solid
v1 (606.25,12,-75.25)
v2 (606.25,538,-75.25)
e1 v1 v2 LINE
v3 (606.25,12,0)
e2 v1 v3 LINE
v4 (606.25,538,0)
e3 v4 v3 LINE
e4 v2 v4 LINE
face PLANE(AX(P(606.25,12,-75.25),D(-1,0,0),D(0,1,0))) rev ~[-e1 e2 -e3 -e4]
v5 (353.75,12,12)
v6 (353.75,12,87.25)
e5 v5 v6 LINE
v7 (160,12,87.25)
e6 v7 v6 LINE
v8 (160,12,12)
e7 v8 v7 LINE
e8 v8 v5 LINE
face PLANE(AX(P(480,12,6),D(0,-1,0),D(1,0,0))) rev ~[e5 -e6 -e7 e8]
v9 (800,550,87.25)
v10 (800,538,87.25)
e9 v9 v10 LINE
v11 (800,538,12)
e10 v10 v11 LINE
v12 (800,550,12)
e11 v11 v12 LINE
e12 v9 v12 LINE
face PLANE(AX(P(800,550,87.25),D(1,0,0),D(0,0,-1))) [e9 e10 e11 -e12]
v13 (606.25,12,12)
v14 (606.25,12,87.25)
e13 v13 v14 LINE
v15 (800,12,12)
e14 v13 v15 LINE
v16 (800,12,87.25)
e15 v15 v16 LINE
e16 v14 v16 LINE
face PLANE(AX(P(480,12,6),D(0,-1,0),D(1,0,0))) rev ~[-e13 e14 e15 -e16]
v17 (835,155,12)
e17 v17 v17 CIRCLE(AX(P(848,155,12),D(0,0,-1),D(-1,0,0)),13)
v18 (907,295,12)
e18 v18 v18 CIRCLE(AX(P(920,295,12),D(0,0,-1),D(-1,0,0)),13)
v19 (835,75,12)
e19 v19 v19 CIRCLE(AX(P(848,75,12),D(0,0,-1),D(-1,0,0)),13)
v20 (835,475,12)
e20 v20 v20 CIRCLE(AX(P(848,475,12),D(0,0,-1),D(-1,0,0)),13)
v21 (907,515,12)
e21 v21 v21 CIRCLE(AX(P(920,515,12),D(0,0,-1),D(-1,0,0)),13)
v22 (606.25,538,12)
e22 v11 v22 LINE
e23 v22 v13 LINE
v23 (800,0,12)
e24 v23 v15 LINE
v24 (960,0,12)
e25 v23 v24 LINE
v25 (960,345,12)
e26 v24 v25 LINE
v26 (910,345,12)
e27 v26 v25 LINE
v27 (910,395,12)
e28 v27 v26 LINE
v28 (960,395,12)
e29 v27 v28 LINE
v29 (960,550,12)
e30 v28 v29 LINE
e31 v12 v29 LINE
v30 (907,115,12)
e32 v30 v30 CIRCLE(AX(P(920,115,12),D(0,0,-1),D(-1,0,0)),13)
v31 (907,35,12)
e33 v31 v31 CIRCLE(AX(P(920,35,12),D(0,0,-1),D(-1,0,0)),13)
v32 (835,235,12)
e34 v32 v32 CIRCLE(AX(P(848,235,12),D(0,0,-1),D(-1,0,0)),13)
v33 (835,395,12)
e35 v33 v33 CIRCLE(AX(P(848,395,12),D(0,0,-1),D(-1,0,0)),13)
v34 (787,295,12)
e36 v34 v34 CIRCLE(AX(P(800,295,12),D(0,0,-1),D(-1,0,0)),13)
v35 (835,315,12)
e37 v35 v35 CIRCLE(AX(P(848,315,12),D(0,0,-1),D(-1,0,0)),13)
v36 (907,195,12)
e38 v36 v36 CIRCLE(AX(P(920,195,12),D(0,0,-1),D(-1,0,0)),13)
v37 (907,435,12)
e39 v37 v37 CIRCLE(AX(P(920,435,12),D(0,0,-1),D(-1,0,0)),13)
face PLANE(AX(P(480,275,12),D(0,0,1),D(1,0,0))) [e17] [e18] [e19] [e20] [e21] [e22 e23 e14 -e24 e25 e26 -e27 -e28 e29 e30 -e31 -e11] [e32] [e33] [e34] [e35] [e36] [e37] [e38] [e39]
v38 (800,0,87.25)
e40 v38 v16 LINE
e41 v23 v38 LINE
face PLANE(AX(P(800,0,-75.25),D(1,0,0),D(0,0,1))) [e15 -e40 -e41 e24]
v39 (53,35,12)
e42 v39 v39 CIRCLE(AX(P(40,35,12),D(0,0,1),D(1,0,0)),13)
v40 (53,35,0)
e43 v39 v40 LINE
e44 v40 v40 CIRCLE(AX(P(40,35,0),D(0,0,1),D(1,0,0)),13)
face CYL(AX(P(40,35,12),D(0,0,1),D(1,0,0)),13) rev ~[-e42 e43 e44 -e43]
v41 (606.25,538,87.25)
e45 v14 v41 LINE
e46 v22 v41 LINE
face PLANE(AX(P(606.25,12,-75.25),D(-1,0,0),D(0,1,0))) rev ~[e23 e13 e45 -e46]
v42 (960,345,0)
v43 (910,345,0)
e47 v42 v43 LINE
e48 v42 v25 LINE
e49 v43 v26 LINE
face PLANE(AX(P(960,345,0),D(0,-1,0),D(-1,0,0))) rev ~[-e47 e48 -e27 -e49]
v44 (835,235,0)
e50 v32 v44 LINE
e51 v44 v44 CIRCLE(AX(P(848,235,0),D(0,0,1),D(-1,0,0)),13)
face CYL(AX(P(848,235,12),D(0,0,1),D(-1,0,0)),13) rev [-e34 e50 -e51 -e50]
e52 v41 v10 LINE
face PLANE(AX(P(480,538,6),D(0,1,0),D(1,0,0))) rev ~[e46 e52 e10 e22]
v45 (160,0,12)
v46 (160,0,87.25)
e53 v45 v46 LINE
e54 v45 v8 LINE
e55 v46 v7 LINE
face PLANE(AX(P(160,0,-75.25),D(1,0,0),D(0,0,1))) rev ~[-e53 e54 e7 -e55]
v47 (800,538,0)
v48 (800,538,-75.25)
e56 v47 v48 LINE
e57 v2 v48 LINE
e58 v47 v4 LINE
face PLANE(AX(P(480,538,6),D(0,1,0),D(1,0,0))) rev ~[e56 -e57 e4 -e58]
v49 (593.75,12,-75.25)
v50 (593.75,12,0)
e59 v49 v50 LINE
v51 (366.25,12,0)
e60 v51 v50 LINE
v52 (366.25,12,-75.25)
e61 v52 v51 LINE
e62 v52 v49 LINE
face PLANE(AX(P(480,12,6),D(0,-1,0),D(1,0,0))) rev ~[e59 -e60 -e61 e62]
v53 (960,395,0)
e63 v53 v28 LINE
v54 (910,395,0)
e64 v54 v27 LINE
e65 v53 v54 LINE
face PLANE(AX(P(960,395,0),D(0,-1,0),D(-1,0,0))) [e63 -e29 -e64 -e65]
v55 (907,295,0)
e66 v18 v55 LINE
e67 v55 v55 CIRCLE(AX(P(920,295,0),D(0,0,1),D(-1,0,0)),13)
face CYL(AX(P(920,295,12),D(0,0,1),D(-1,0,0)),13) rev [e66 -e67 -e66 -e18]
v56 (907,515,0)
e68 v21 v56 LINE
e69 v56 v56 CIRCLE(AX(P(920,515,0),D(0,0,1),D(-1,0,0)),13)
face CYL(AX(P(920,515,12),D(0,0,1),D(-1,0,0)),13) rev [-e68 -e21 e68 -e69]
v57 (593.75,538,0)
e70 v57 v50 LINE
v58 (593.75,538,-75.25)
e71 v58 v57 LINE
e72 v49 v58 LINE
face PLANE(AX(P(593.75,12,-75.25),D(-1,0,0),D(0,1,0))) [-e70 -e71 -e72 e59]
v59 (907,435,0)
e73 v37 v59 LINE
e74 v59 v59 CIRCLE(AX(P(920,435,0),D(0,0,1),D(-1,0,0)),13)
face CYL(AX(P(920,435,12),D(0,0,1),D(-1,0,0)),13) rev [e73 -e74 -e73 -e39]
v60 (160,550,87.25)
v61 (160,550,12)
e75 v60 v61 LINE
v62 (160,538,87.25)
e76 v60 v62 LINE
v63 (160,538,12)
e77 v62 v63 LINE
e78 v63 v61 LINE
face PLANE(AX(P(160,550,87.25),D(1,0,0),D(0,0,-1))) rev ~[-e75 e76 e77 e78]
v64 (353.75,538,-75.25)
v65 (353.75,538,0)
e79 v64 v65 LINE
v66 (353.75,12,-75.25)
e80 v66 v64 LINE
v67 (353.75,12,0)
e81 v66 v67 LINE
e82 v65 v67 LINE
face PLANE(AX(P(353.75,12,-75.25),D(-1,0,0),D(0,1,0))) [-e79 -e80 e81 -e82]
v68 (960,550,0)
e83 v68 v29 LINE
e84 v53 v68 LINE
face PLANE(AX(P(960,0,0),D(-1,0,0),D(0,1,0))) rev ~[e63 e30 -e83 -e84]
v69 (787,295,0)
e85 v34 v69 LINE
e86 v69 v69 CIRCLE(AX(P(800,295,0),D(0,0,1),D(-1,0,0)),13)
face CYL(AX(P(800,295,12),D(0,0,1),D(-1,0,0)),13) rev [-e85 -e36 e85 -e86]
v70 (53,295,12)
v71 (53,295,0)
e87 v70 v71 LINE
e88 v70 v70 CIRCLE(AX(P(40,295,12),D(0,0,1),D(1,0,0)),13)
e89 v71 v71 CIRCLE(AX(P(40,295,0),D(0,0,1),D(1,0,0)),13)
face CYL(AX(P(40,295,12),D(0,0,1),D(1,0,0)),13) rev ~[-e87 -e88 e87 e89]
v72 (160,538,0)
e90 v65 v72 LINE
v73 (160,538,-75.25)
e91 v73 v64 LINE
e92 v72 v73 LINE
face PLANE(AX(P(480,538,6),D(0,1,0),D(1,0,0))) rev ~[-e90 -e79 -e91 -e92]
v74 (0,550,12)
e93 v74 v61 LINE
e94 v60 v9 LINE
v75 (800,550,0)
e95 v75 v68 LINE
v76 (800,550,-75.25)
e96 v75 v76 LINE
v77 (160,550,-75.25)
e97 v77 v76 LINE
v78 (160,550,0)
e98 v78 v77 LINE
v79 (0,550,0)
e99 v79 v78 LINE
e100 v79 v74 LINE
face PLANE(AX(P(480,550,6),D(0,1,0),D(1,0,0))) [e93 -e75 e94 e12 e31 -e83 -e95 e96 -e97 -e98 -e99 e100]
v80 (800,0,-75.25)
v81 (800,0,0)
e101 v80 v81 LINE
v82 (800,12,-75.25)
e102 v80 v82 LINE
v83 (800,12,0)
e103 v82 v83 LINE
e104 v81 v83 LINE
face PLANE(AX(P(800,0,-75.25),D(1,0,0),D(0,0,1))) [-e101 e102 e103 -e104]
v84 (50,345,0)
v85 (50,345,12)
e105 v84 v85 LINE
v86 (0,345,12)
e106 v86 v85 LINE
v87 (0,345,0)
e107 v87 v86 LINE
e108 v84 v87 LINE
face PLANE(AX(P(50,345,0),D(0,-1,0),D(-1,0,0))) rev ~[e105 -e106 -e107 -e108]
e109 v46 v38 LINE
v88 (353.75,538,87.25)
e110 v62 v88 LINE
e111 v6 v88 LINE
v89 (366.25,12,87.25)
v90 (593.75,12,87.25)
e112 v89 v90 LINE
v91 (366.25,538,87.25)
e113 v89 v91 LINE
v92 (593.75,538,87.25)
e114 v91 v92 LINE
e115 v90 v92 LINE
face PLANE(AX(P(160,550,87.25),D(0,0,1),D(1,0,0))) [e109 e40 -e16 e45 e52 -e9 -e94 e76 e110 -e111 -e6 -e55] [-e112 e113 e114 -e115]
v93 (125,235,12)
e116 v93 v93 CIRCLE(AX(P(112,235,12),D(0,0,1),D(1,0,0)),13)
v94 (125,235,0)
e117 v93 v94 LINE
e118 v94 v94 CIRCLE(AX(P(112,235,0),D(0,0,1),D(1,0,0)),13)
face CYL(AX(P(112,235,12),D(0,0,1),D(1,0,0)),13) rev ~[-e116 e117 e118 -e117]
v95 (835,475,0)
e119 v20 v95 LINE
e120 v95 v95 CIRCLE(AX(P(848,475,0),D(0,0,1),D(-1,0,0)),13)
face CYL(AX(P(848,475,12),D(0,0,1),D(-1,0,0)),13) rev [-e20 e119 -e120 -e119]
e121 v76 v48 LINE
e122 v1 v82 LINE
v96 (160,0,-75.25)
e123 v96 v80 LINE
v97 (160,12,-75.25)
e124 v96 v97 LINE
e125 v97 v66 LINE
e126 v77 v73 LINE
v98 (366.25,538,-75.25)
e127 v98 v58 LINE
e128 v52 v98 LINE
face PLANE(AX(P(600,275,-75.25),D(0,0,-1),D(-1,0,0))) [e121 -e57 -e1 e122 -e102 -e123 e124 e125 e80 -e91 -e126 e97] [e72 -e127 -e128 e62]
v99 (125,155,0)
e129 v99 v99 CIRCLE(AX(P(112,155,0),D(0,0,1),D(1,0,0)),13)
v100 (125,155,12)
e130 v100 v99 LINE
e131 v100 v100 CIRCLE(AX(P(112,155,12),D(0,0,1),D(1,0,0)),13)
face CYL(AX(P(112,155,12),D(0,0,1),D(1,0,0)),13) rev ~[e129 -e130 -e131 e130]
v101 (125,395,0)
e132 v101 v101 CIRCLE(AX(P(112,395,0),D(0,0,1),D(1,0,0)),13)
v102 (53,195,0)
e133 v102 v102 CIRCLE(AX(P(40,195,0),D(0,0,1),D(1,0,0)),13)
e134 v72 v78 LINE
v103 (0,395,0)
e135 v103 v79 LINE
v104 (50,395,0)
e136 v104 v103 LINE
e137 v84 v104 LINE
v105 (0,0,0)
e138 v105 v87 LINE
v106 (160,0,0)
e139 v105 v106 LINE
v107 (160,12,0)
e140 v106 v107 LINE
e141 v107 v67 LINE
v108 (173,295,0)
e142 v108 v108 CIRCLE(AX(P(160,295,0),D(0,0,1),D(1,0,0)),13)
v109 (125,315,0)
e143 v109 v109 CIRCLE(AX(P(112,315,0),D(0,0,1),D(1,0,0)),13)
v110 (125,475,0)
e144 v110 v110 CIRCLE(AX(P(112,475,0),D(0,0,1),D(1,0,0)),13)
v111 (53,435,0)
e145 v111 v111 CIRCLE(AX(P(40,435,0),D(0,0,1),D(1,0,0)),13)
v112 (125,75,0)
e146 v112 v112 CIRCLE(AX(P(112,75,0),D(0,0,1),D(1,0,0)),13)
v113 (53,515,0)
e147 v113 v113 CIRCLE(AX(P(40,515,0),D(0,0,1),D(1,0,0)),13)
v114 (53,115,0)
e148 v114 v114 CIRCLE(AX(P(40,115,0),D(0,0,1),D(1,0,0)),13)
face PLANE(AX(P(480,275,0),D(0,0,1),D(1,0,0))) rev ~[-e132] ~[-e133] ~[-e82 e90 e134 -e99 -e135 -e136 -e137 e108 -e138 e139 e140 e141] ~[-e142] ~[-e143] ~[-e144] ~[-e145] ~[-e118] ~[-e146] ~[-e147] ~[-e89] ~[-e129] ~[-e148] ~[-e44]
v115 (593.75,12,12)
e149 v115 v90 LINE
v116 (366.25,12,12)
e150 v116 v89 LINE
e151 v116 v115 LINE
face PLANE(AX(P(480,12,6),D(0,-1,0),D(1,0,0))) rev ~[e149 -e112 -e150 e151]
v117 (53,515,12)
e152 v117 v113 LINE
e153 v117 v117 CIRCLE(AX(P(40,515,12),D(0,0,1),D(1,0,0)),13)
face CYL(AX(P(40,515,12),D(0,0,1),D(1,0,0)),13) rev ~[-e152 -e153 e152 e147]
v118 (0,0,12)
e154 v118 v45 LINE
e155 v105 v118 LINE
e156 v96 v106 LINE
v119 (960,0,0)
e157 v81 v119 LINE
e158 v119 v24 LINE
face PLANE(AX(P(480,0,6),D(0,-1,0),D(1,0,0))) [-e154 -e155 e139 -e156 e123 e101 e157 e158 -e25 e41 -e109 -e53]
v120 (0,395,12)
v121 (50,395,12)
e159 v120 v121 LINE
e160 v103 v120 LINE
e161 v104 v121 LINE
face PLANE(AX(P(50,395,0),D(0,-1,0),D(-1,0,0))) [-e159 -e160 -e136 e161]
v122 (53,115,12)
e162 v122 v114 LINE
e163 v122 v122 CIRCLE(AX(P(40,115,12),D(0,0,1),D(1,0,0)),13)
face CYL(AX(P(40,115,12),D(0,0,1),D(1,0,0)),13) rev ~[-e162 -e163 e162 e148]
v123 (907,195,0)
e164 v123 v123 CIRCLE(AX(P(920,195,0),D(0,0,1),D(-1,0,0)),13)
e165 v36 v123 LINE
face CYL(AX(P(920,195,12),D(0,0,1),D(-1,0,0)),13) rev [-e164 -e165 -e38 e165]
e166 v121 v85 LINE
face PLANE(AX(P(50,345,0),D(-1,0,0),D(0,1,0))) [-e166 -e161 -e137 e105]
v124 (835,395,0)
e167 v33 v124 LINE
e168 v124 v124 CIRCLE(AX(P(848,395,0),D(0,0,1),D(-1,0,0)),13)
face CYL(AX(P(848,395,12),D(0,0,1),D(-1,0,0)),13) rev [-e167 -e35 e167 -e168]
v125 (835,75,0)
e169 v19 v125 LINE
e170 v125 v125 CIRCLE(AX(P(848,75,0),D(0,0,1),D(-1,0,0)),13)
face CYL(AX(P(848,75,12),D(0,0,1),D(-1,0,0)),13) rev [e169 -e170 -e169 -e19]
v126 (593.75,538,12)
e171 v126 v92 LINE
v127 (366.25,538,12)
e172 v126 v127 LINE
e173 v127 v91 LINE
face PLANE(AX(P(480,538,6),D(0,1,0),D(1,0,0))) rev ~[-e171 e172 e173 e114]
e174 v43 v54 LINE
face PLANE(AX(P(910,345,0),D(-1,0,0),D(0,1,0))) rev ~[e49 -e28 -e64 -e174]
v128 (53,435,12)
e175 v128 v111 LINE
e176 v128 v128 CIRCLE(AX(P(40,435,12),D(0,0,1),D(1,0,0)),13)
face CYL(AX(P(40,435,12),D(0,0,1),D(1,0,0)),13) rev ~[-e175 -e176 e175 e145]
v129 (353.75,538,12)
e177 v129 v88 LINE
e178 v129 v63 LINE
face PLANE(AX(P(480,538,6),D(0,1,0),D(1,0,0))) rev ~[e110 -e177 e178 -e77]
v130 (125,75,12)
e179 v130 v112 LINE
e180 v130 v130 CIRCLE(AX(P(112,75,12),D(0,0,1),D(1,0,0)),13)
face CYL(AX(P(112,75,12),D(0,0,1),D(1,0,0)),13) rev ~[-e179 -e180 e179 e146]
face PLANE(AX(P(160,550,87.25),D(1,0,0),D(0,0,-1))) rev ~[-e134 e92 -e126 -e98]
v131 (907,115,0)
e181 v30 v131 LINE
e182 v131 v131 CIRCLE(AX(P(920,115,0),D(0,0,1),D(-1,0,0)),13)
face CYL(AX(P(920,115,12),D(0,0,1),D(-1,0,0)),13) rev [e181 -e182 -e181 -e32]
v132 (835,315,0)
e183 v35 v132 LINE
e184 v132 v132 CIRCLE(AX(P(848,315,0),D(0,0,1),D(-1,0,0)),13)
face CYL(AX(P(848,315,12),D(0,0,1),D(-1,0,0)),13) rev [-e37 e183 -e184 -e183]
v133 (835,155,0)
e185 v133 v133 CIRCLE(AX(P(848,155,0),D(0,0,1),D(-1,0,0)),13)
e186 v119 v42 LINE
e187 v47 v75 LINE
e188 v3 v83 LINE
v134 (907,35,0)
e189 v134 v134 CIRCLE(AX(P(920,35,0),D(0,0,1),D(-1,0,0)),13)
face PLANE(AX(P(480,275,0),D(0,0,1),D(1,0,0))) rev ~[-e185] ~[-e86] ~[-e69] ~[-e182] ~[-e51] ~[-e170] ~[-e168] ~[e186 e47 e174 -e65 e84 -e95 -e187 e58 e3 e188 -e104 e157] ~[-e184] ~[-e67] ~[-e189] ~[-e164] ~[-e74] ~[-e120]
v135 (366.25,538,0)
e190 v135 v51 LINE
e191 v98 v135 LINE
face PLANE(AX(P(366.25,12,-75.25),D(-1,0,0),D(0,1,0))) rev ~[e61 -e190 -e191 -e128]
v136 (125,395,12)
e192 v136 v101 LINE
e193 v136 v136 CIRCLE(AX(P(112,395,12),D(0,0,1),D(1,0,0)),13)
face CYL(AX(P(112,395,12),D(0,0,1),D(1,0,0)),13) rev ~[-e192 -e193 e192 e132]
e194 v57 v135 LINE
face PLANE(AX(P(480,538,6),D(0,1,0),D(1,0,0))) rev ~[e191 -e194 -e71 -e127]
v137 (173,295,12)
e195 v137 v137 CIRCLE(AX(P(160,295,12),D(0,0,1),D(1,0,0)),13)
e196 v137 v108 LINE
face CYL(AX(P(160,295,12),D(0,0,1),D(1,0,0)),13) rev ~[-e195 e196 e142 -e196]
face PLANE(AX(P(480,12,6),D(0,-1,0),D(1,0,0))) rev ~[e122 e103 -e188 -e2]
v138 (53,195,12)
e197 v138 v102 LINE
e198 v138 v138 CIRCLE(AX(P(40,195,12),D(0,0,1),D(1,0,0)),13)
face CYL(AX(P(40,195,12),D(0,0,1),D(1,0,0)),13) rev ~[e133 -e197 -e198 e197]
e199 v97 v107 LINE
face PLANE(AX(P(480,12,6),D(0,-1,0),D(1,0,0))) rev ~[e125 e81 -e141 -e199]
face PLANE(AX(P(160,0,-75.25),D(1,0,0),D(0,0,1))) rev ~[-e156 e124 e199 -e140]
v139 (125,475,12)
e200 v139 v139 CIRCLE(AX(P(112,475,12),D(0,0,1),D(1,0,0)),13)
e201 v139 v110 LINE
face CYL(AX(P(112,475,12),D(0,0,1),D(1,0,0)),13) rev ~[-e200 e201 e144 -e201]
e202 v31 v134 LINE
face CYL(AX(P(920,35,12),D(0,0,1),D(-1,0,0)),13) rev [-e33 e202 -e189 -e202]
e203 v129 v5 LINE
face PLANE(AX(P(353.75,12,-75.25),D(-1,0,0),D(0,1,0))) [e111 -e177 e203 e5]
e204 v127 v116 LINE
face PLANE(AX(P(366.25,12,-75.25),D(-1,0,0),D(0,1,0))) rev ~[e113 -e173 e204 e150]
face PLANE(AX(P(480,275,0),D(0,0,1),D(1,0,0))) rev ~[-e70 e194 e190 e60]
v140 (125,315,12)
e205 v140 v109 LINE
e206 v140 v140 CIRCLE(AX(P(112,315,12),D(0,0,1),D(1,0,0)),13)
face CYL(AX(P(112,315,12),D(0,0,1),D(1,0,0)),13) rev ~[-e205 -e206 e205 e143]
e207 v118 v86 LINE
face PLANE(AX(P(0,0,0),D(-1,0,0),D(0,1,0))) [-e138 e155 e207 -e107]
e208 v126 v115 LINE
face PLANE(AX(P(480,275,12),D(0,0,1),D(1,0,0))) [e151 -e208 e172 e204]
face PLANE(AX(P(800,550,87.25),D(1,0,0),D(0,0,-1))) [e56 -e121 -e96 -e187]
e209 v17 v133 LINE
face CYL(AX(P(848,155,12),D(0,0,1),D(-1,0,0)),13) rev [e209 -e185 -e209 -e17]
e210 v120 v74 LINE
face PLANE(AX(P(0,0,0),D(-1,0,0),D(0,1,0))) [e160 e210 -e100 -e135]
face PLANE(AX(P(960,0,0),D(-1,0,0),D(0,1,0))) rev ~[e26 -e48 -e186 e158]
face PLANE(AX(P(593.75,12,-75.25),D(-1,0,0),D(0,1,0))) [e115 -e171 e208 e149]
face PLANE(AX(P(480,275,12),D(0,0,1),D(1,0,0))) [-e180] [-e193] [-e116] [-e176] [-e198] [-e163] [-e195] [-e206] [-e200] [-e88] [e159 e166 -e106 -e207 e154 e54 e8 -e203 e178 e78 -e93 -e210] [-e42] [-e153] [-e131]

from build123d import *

# Parameters (mm, degrees)
SKETCH_1_W          = 960
SKETCH_1_H          = 550
EXTRUDE_1_DEPTH     = 12
SKETCH_2_W          = 640
SKETCH_2_H          = 162.5
EXTRUDE_2_DEPTH     = 12
SKETCH_3_W          = 640
SKETCH_3_H          = 162.5
EXTRUDE_3_DEPTH     = 12
SKETCH_4_W          = 12.5
SKETCH_4_H          = 526
EXTRUDE_4_DEPTH     = 162.5
SKETCH_5_R          = 13
CUT_EXTRUDE_1_DEPTH = 1110.825464882
SKETCH_6_W          = 50
SKETCH_6_H          = 50
CUT_EXTRUDE_2_DEPTH = 1110.825464882


with BuildPart() as part:
    # 草图1 → 凸台-拉伸1 (new body)
    with BuildSketch(Plane.XY):
        with Locations((480, 275)):
            Rectangle(SKETCH_1_W, SKETCH_1_H)
    extrude(amount=EXTRUDE_1_DEPTH)

    # 草图2 → 凸台-拉伸2 (add)
    with BuildSketch(Plane(origin=(0, 550, 0), x_dir=(1, 0, 0), z_dir=(0, 1, 0))):
        with Locations((480, -6)):
            Rectangle(SKETCH_2_W, SKETCH_2_H)
    extrude(amount=-EXTRUDE_2_DEPTH)

    # 草图3 → 凸台-拉伸3 (add)
    with BuildSketch(Plane.XZ):
        with Locations((480, 6)):
            Rectangle(SKETCH_3_W, SKETCH_3_H)
    extrude(amount=-EXTRUDE_3_DEPTH)

    # 草图4 → 凸台-拉伸4 (add)
    with BuildSketch(Plane(origin=(0, 0, -75.25), x_dir=(-1, 0, 0), z_dir=(0, 0, -1))):
        with Locations((-600, 275)):
            Rectangle(SKETCH_4_W, SKETCH_4_H)
        with Locations((-360, 275)):
            Rectangle(SKETCH_4_W, SKETCH_4_H)
    extrude(amount=-EXTRUDE_4_DEPTH)

    # 草图5 → 切除-拉伸1 (cut, through all)
    with BuildSketch(Plane.XY.offset(12)):
        with Locations((40, 515)):
            Circle(SKETCH_5_R)
        with Locations((40, 435)):
            Circle(SKETCH_5_R)
        with Locations((40, 295)):
            Circle(SKETCH_5_R)
        with Locations((40, 35)):
            Circle(SKETCH_5_R)
        with Locations((112, 235)):
            Circle(SKETCH_5_R)
        with Locations((112, 155)):
            Circle(SKETCH_5_R)
        with Locations((112, 475)):
            Circle(SKETCH_5_R)
        with Locations((112, 395)):
            Circle(SKETCH_5_R)
        with Locations((112, 315)):
            Circle(SKETCH_5_R)
        with Locations((112, 75)):
            Circle(SKETCH_5_R)
        with Locations((40, 195)):
            Circle(SKETCH_5_R)
        with Locations((40, 115)):
            Circle(SKETCH_5_R)
        with Locations((160, 295)):
            Circle(SKETCH_5_R)
    cut_extrude_1 = extrude(amount=-CUT_EXTRUDE_1_DEPTH, mode=Mode.SUBTRACT)

    # 镜向1: 切除-拉伸1 across plane
    add(cut_extrude_1.mirror(Plane.ZY.offset(-480)), mode=Mode.SUBTRACT)

    # 草图6 → 切除-拉伸2 (cut, through all)
    with BuildSketch(Plane(origin=(0, 0, 0), x_dir=(-1, 0, 0), z_dir=(0, 0, -1))):
        with Locations((-25, 370)):
            Rectangle(SKETCH_6_W, SKETCH_6_H)
        with Locations((-935, 370)):
            Rectangle(SKETCH_6_W, SKETCH_6_H)
    extrude(amount=-CUT_EXTRUDE_2_DEPTH, mode=Mode.SUBTRACT)


solid = part.part
